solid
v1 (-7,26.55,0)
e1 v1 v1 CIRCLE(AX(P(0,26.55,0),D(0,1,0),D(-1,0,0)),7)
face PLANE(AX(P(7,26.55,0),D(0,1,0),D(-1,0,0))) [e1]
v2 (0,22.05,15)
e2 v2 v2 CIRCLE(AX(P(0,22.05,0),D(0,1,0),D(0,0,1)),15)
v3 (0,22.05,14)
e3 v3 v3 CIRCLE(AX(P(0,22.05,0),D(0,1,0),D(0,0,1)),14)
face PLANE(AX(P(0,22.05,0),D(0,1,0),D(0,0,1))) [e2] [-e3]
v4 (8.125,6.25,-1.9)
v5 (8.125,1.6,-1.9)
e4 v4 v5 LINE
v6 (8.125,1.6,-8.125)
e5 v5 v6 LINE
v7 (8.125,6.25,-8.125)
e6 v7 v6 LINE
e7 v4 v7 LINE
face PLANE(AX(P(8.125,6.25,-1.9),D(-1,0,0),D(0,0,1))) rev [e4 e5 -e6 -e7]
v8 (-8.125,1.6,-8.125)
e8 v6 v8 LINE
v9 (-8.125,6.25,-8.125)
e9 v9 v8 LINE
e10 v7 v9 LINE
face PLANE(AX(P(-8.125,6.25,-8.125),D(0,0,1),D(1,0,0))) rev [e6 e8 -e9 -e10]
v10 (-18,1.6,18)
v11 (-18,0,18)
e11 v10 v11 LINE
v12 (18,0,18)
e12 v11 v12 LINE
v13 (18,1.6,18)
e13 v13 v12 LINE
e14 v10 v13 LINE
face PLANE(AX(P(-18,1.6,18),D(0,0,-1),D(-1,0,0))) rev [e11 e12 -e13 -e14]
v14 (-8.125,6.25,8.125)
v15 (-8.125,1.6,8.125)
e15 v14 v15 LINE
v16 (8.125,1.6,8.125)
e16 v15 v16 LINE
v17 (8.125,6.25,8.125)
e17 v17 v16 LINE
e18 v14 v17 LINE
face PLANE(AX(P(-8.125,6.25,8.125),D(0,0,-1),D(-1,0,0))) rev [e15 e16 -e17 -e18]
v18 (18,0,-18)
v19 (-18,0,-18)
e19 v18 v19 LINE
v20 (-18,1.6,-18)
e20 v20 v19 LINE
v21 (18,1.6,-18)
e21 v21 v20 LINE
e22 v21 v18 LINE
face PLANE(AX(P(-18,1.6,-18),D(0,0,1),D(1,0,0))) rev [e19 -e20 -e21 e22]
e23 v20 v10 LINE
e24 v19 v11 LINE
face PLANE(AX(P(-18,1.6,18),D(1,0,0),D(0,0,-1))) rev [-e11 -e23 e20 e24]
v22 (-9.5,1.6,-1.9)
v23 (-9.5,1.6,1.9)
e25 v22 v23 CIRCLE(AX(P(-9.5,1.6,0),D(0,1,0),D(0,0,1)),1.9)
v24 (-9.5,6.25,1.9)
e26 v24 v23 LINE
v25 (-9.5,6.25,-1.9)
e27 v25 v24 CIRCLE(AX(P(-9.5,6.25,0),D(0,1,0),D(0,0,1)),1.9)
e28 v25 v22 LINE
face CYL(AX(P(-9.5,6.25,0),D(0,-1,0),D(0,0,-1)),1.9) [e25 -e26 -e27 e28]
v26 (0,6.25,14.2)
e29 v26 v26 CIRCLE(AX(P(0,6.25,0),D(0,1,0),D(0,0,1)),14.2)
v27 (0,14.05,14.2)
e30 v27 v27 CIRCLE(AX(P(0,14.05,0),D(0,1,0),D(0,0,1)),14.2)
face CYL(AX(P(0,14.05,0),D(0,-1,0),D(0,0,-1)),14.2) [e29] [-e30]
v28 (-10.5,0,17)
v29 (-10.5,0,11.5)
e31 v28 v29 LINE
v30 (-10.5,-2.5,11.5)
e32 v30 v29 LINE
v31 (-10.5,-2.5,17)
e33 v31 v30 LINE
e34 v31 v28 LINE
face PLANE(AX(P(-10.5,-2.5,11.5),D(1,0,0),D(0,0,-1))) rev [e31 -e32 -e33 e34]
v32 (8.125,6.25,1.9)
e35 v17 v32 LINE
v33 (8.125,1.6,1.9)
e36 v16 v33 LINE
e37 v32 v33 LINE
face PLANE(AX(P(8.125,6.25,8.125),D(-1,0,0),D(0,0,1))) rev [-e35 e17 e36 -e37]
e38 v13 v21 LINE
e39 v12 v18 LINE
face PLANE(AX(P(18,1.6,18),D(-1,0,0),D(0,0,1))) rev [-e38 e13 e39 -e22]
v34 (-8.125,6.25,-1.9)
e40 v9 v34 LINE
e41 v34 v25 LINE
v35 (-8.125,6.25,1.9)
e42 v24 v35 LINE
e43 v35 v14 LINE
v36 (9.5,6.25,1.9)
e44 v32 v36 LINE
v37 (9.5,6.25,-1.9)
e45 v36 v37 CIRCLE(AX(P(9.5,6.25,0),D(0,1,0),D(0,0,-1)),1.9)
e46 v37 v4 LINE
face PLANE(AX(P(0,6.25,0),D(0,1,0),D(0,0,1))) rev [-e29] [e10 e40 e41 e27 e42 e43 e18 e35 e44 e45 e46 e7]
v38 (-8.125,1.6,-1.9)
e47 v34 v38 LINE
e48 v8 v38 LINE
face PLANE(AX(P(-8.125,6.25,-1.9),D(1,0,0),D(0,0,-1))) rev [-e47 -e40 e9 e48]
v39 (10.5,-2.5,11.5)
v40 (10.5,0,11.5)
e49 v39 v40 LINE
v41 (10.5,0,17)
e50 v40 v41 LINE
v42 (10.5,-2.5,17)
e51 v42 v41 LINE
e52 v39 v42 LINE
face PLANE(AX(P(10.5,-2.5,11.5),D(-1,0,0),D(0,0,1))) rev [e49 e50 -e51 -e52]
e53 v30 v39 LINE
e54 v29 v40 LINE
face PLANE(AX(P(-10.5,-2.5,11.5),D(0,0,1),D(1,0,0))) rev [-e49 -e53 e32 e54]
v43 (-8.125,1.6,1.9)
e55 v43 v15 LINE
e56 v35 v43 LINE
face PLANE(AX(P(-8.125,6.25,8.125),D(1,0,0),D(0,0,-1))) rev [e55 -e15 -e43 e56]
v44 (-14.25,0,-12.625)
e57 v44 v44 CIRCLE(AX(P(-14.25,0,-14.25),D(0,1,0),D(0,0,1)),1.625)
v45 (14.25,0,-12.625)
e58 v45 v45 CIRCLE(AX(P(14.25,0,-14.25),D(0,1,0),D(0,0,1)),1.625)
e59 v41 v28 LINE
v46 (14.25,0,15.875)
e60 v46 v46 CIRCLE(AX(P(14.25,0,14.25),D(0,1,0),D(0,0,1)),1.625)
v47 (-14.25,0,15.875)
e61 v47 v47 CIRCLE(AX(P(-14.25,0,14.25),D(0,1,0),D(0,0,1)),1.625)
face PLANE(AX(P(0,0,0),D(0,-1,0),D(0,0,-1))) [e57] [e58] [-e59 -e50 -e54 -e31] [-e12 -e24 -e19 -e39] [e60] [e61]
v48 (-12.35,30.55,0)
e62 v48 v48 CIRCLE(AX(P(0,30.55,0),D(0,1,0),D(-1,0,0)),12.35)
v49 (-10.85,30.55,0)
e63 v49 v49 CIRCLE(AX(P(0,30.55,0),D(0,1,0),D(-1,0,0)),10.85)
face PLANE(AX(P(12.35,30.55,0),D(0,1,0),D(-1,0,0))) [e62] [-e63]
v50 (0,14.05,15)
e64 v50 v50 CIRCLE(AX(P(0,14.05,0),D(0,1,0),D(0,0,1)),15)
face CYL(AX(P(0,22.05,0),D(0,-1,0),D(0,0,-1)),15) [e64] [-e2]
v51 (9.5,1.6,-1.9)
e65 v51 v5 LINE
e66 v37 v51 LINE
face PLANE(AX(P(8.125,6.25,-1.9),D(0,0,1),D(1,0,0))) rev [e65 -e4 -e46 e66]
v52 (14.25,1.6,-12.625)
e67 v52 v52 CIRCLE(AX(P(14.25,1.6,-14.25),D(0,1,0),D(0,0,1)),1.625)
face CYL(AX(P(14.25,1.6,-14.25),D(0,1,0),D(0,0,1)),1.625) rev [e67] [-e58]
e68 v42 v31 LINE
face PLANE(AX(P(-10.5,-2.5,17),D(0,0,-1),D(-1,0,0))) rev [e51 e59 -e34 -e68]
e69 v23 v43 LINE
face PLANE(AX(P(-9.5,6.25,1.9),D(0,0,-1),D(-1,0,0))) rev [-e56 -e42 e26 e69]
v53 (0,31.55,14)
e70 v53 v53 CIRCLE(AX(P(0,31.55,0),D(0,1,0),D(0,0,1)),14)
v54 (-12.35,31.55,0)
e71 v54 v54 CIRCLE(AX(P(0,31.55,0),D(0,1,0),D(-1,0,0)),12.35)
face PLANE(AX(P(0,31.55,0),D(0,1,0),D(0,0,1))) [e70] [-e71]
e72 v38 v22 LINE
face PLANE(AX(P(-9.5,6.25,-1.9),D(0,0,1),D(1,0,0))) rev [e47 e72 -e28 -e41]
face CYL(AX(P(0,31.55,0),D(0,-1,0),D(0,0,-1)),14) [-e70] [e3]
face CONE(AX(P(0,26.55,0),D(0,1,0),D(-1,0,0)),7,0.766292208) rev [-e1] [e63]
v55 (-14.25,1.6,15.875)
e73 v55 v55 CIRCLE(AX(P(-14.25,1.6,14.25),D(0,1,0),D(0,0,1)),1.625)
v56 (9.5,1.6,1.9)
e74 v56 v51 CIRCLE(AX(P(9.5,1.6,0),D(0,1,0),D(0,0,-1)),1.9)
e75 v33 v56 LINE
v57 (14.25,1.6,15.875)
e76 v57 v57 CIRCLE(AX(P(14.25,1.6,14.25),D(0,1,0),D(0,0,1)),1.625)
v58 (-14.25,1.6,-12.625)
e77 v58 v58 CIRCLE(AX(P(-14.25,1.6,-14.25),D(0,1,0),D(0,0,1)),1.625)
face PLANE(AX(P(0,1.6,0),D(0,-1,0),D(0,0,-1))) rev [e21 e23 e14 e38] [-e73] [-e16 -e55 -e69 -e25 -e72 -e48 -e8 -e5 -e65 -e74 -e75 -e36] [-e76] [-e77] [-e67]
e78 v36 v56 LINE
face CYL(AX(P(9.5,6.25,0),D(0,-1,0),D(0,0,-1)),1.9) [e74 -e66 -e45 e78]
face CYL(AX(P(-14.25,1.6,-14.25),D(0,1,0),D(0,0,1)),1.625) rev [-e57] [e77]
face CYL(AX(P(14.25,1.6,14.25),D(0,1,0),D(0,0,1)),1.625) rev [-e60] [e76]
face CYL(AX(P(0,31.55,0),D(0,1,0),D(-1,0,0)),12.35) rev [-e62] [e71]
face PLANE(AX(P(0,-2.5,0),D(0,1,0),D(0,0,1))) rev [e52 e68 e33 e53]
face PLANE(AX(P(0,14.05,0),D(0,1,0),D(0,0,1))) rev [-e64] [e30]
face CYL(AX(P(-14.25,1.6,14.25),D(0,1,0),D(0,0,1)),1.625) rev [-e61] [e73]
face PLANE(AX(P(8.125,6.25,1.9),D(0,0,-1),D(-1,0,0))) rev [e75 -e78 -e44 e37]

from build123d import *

# Parameters (mm, degrees)
SKETCH1_W                  = 36
SKETCH1_H                  = 36
BOSS_EXTRUDE1_DEPTH        = 1.6
F_3_2_3_2_DIAMETER_HOLE1_D = 3.25
BOSS_EXTRUDE2_DEPTH        = 4.65
SKETCH5_R                  = 14.2
BOSS_EXTRUDE3_DEPTH        = 7.8
SKETCH6_R                  = 15
BOSS_EXTRUDE4_DEPTH        = 8
SKETCH7_R                  = 14
BOSS_EXTRUDE5_DEPTH        = 9.5
SKETCH8_W                  = 21
SKETCH8_H                  = 5.5
BOSS_EXTRUDE6_DEPTH        = 2.5


with BuildPart() as part:
    # Sketch1 → Boss-Extrude1 (new body)
    with BuildSketch(Plane(origin=(0, 0, 0), x_dir=(1, 0, 0), z_dir=(0, 1, 0))):
        Rectangle(SKETCH1_W, SKETCH1_H)
    extrude(amount=BOSS_EXTRUDE1_DEPTH)

    # Ø3.2 (3.2) Diameter Hole1 (through all)
    with Locations(Plane(origin=(0, 1.6, 0), x_dir=(1, 0, 0), z_dir=(0, 1, 0))):
        with Locations((-14.25, 14.25), (14.25, 14.25), (14.25, -14.25), (-14.25, -14.25)):
            Hole(F_3_2_3_2_DIAMETER_HOLE1_D / 2)

    # Sketch4 → Boss-Extrude2 (add)
    with BuildSketch(Plane(origin=(0, 1.6, 0), x_dir=(1, 0, 0), z_dir=(0, 1, 0))):
        with BuildLine():
            Line((-8.125, -8.125), (8.125, -8.125))
            Line((8.125, -8.125), (8.125, -1.9))
            Line((8.125, -1.9), (9.5, -1.9))
            ThreePointArc((9.5, -1.9), (11.4, 0), (9.5, 1.9))
            Line((9.5, 1.9), (8.125, 1.9))
            Line((8.125, 1.9), (8.125, 8.125))
            Line((8.125, 8.125), (-8.125, 8.125))
            Line((-8.125, 8.125), (-8.125, 1.9))
            Line((-8.125, 1.9), (-9.5, 1.9))
            ThreePointArc((-9.5, 1.9), (-11.4, 0), (-9.5, -1.9))
            Line((-9.5, -1.9), (-8.125, -1.9))
            Line((-8.125, -1.9), (-8.125, -8.125))
        make_face()
    extrude(amount=BOSS_EXTRUDE2_DEPTH)

    # Sketch5 → Boss-Extrude3 (add)
    with BuildSketch(Plane(origin=(0, 6.25, 0), x_dir=(1, 0, 0), z_dir=(0, 1, 0))):
        with Locations(Location((0, 0, 0), (0, 0, 270))):
            Circle(SKETCH5_R)
    extrude(amount=BOSS_EXTRUDE3_DEPTH)

    # Sketch6 → Boss-Extrude4 (add)
    with BuildSketch(Plane(origin=(0, 14.05, 0), x_dir=(1, 0, 0), z_dir=(0, 1, 0))):
        with Locations(Location((0, 0, 0), (0, 0, 270))):
            Circle(SKETCH6_R)
    extrude(amount=BOSS_EXTRUDE4_DEPTH)

    # Sketch7 → Boss-Extrude5 (add)
    with BuildSketch(Plane(origin=(0, 22.05, 0), x_dir=(1, 0, 0), z_dir=(0, 1, 0))):
        with Locations(Location((0, 0, 0), (0, 0, 270))):
            Circle(SKETCH7_R)
    extrude(amount=BOSS_EXTRUDE5_DEPTH)

    # Sketch8 → Boss-Extrude6 (add)
    with BuildSketch(Plane.XZ):
        with Locations((0, 14.25)):
            Rectangle(SKETCH8_W, SKETCH8_H)
    extrude(amount=BOSS_EXTRUDE6_DEPTH)

    # Sketch9 → Cut-Revolve1 (revolve, cut)
    with BuildSketch(Plane.XY, mode=Mode.PRIVATE) as cut_revolve1_sk:
        Polygon((0, 31.55), (0, 26.55), (7, 26.55), (10.85, 30.55), (12.35, 30.55), (12.35, 31.55), align=None)
    revolve(cut_revolve1_sk.sketch.rotate(Axis((0, 31.55, 0), (0, -1, 0)), 180), axis=Axis((0, 31.55, 0), (0, -1, 0)), mode=Mode.SUBTRACT)


solid = part.part
